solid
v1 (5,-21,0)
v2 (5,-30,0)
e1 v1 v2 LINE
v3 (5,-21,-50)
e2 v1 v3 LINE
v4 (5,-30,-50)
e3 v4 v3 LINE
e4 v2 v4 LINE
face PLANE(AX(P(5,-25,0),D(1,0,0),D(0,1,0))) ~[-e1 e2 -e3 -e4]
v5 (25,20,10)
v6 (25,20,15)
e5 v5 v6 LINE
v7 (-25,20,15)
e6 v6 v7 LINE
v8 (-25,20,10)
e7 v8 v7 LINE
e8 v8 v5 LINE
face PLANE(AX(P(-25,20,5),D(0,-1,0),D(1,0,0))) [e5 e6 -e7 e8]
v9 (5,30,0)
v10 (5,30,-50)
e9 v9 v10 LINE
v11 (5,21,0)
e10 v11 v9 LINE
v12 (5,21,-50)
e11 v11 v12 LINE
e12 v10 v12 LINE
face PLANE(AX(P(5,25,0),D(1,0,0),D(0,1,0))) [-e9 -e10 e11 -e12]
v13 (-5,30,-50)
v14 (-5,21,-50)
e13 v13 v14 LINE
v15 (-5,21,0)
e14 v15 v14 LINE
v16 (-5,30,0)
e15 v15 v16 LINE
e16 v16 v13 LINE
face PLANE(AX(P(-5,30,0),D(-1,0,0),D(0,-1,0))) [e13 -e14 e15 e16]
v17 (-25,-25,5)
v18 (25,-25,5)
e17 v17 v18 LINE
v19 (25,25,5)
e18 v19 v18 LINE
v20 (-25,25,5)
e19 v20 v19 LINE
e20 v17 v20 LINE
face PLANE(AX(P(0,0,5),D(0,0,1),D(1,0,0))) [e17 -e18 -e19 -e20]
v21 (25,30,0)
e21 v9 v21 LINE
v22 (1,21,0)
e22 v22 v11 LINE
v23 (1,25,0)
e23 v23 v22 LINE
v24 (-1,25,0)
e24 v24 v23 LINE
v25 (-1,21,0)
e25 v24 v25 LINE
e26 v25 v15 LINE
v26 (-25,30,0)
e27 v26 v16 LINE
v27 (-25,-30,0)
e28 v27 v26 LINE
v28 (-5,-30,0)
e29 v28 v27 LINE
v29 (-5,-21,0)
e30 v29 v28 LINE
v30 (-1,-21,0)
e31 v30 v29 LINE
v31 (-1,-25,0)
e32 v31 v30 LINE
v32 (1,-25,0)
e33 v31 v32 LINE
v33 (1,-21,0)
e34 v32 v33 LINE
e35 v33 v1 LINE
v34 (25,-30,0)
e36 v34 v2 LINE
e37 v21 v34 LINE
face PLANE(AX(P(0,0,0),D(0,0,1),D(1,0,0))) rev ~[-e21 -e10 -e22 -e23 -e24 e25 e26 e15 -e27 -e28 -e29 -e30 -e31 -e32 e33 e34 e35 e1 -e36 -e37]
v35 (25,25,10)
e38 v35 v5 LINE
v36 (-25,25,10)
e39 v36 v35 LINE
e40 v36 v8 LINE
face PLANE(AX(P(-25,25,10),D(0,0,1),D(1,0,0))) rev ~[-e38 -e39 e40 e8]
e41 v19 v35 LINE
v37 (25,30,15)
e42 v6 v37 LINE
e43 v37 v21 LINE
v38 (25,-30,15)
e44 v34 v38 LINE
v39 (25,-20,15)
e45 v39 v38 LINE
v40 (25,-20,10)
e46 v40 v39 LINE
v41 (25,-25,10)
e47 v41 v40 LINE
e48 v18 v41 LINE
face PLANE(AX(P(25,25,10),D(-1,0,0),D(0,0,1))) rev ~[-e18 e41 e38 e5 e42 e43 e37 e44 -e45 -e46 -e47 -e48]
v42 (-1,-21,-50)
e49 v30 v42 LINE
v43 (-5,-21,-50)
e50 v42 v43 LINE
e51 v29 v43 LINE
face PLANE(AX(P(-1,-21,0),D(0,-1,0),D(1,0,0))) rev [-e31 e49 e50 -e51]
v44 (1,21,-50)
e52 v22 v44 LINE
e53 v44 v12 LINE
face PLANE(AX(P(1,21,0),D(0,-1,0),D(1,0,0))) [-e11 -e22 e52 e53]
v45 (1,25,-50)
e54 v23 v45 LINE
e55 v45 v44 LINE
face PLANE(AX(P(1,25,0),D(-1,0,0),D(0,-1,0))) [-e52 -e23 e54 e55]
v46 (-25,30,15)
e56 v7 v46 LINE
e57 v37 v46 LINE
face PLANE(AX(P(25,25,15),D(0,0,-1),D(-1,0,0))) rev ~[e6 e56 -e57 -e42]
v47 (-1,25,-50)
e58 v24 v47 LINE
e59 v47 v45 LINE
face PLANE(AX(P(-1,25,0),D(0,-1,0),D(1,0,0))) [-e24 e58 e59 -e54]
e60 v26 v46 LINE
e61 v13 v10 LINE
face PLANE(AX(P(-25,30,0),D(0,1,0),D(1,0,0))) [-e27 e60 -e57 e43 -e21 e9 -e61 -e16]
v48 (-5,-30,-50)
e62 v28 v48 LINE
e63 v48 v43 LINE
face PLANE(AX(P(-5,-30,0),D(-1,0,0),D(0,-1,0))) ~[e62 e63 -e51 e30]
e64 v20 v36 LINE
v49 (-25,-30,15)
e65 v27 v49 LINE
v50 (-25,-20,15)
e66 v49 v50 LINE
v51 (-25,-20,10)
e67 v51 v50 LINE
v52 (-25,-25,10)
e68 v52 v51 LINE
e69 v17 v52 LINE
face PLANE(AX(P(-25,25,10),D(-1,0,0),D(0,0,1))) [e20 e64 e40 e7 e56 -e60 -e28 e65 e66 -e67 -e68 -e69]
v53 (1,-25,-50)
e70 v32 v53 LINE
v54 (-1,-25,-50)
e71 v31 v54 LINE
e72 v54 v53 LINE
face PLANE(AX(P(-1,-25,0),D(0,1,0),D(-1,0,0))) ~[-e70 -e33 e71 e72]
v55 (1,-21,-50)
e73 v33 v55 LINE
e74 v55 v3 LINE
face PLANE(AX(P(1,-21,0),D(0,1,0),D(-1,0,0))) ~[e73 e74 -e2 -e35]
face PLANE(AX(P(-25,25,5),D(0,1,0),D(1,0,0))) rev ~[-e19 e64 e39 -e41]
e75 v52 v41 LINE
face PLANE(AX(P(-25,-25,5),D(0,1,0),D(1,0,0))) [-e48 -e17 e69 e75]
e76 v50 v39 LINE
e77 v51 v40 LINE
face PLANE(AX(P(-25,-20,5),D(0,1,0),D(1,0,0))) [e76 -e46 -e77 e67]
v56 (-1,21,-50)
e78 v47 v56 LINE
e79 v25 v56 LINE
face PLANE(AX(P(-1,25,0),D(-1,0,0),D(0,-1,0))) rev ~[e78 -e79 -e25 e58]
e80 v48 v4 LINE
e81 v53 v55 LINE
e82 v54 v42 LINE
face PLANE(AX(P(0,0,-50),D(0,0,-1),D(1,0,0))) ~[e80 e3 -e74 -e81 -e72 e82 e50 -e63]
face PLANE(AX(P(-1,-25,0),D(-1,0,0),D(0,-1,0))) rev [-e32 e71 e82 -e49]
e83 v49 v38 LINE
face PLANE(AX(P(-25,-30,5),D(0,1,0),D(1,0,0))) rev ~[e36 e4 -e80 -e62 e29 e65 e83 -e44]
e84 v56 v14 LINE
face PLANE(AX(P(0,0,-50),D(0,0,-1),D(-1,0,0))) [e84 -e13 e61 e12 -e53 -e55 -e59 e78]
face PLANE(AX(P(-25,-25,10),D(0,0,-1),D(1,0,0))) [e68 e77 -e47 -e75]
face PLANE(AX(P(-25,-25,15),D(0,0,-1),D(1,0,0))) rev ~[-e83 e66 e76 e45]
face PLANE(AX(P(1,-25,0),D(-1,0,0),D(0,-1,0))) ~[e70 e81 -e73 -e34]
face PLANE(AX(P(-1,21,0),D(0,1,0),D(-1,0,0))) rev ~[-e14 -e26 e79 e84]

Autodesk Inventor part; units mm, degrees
ref_plane "YZ Plane" through (0, 0, 0) normal (1, 0, 0) x (0, 1, 0)
ref_plane "XZ Plane" through (0, 0, 0) normal (0, 1, 0) x (-1, 0, 0)
ref_plane "XY Plane" through (0, 0, 0) normal (0, 0, 1) x (1, 0, 0)
sketch "Sketch1" plane through (0, 0, 0) normal (0, 0, 1) x (1, 0, 0)
  line L0 (-25, 30) -> (25, 30)
  line L1 (25, 30) -> (25, -30)
  line L2 (25, -30) -> (-25, -30)
  line L3 (-25, -30) -> (-25, 30)
  point P0 (0, 0)
  dimension "d0" = 50
  dimension "d1" = 60
  dimension "d2" = 30
  dimension "d3" = 25
extrude "Extrusion1" add sketch "Sketch1" along normal blind 5
sketch "Sketch2" plane through (0, 0, 5) normal (0, 0, 1) x (1, 0, 0)
  line L0 (-25, 30) -> (-25, -30) projected
  line L1 (-25, 25) -> (25, 25)
  line L2 (25, -30) -> (25, 30) projected
  line L3 (25, 30) -> (-25, 30) projected
  point P0 (0, 0)
  dimension "d6" = 5
extrude "Extrusion2" add sketch "Sketch2" along normal blind 10
sketch "Sketch3" plane through (0, 0, 5) normal (0, 0, 1) x (1, 0, 0)
  line L0 (-25, -30) -> (-25, 30) projected
  line L1 (-25, -25) -> (25, -25)
  line L2 (25, 30) -> (25, -30) projected
  line L3 (-25, -30) -> (25, -30) projected
  point P0 (0, 0)
  dimension "d9" = 5
extrude "Extrusion3" add sketch "Sketch3" along normal blind 10
sketch "Sketch4" plane through (-25, -25, 5) normal (0, 1, 0) x (1, 0, 0)
  line L0 (0, 5) -> (0, -10) projected
  line L1 (0, -5) -> (50, -5)
  line L2 (50, 5) -> (50, -10) projected
  line L3 (0, -10) -> (50, -10) projected
  point P0 (25, 5)
  dimension "d12" = 5
extrude "Extrusion4" add sketch "Sketch4" along normal blind 5
sketch "Sketch5" plane through (-25, 25, 5) normal (0, -1, 0) x (1, 0, 0)
  line L0 (0, -5) -> (0, 10) projected
  line L1 (0, 5) -> (50, 5)
  line L2 (50, -5) -> (50, 10) projected
  line L3 (50, 10) -> (0, 10) projected
  point P0 (25, -5)
  dimension "d15" = 5
extrude "Extrusion5" add sketch "Sketch5" along normal blind 5
sketch "Sketch12" plane through (0, 0, 0) normal (0, 0, -1) x (-1, 0, 0)
  line L0 (25, 30) -> (-25, 30) projected
  line L1 (-5, 30) -> (5, 30)
  line L2 (5, 30) -> (5, 25)
  line L3 (5, 25) -> (-5, 25)
  line L4 (-5, 25) -> (-5, 30)
  line L5 (-25, 30) -> (-25, -30) projected
  line L6 (-5, 25) -> (-1, 25)
  line L7 (-1, 25) -> (-1, 21)
  line L8 (-1, 21) -> (-5, 21)
  line L9 (-5, 21) -> (-5, 25)
  line L10 (5, 25) -> (1, 25)
  line L11 (1, 25) -> (1, 21)
  line L12 (1, 21) -> (5, 21)
  line L13 (5, 21) -> (5, 25)
  point P0 (0, 0)
  dimension "d42" = 10
  dimension "d43" = 5
  dimension "d44" = 20
  dimension "d45" = 4
  dimension "d46" = 4
  dimension "d47" = 4
  dimension "d50" = 4
extrude "Extrusion12" add sketch "Sketch12" along normal blind 50
mirror "Mirror1" about plane through (0, 0, 0) normal (0, 1, 0) of "Extrusion12"
properties part number "Substrategrip90degreesThick"
